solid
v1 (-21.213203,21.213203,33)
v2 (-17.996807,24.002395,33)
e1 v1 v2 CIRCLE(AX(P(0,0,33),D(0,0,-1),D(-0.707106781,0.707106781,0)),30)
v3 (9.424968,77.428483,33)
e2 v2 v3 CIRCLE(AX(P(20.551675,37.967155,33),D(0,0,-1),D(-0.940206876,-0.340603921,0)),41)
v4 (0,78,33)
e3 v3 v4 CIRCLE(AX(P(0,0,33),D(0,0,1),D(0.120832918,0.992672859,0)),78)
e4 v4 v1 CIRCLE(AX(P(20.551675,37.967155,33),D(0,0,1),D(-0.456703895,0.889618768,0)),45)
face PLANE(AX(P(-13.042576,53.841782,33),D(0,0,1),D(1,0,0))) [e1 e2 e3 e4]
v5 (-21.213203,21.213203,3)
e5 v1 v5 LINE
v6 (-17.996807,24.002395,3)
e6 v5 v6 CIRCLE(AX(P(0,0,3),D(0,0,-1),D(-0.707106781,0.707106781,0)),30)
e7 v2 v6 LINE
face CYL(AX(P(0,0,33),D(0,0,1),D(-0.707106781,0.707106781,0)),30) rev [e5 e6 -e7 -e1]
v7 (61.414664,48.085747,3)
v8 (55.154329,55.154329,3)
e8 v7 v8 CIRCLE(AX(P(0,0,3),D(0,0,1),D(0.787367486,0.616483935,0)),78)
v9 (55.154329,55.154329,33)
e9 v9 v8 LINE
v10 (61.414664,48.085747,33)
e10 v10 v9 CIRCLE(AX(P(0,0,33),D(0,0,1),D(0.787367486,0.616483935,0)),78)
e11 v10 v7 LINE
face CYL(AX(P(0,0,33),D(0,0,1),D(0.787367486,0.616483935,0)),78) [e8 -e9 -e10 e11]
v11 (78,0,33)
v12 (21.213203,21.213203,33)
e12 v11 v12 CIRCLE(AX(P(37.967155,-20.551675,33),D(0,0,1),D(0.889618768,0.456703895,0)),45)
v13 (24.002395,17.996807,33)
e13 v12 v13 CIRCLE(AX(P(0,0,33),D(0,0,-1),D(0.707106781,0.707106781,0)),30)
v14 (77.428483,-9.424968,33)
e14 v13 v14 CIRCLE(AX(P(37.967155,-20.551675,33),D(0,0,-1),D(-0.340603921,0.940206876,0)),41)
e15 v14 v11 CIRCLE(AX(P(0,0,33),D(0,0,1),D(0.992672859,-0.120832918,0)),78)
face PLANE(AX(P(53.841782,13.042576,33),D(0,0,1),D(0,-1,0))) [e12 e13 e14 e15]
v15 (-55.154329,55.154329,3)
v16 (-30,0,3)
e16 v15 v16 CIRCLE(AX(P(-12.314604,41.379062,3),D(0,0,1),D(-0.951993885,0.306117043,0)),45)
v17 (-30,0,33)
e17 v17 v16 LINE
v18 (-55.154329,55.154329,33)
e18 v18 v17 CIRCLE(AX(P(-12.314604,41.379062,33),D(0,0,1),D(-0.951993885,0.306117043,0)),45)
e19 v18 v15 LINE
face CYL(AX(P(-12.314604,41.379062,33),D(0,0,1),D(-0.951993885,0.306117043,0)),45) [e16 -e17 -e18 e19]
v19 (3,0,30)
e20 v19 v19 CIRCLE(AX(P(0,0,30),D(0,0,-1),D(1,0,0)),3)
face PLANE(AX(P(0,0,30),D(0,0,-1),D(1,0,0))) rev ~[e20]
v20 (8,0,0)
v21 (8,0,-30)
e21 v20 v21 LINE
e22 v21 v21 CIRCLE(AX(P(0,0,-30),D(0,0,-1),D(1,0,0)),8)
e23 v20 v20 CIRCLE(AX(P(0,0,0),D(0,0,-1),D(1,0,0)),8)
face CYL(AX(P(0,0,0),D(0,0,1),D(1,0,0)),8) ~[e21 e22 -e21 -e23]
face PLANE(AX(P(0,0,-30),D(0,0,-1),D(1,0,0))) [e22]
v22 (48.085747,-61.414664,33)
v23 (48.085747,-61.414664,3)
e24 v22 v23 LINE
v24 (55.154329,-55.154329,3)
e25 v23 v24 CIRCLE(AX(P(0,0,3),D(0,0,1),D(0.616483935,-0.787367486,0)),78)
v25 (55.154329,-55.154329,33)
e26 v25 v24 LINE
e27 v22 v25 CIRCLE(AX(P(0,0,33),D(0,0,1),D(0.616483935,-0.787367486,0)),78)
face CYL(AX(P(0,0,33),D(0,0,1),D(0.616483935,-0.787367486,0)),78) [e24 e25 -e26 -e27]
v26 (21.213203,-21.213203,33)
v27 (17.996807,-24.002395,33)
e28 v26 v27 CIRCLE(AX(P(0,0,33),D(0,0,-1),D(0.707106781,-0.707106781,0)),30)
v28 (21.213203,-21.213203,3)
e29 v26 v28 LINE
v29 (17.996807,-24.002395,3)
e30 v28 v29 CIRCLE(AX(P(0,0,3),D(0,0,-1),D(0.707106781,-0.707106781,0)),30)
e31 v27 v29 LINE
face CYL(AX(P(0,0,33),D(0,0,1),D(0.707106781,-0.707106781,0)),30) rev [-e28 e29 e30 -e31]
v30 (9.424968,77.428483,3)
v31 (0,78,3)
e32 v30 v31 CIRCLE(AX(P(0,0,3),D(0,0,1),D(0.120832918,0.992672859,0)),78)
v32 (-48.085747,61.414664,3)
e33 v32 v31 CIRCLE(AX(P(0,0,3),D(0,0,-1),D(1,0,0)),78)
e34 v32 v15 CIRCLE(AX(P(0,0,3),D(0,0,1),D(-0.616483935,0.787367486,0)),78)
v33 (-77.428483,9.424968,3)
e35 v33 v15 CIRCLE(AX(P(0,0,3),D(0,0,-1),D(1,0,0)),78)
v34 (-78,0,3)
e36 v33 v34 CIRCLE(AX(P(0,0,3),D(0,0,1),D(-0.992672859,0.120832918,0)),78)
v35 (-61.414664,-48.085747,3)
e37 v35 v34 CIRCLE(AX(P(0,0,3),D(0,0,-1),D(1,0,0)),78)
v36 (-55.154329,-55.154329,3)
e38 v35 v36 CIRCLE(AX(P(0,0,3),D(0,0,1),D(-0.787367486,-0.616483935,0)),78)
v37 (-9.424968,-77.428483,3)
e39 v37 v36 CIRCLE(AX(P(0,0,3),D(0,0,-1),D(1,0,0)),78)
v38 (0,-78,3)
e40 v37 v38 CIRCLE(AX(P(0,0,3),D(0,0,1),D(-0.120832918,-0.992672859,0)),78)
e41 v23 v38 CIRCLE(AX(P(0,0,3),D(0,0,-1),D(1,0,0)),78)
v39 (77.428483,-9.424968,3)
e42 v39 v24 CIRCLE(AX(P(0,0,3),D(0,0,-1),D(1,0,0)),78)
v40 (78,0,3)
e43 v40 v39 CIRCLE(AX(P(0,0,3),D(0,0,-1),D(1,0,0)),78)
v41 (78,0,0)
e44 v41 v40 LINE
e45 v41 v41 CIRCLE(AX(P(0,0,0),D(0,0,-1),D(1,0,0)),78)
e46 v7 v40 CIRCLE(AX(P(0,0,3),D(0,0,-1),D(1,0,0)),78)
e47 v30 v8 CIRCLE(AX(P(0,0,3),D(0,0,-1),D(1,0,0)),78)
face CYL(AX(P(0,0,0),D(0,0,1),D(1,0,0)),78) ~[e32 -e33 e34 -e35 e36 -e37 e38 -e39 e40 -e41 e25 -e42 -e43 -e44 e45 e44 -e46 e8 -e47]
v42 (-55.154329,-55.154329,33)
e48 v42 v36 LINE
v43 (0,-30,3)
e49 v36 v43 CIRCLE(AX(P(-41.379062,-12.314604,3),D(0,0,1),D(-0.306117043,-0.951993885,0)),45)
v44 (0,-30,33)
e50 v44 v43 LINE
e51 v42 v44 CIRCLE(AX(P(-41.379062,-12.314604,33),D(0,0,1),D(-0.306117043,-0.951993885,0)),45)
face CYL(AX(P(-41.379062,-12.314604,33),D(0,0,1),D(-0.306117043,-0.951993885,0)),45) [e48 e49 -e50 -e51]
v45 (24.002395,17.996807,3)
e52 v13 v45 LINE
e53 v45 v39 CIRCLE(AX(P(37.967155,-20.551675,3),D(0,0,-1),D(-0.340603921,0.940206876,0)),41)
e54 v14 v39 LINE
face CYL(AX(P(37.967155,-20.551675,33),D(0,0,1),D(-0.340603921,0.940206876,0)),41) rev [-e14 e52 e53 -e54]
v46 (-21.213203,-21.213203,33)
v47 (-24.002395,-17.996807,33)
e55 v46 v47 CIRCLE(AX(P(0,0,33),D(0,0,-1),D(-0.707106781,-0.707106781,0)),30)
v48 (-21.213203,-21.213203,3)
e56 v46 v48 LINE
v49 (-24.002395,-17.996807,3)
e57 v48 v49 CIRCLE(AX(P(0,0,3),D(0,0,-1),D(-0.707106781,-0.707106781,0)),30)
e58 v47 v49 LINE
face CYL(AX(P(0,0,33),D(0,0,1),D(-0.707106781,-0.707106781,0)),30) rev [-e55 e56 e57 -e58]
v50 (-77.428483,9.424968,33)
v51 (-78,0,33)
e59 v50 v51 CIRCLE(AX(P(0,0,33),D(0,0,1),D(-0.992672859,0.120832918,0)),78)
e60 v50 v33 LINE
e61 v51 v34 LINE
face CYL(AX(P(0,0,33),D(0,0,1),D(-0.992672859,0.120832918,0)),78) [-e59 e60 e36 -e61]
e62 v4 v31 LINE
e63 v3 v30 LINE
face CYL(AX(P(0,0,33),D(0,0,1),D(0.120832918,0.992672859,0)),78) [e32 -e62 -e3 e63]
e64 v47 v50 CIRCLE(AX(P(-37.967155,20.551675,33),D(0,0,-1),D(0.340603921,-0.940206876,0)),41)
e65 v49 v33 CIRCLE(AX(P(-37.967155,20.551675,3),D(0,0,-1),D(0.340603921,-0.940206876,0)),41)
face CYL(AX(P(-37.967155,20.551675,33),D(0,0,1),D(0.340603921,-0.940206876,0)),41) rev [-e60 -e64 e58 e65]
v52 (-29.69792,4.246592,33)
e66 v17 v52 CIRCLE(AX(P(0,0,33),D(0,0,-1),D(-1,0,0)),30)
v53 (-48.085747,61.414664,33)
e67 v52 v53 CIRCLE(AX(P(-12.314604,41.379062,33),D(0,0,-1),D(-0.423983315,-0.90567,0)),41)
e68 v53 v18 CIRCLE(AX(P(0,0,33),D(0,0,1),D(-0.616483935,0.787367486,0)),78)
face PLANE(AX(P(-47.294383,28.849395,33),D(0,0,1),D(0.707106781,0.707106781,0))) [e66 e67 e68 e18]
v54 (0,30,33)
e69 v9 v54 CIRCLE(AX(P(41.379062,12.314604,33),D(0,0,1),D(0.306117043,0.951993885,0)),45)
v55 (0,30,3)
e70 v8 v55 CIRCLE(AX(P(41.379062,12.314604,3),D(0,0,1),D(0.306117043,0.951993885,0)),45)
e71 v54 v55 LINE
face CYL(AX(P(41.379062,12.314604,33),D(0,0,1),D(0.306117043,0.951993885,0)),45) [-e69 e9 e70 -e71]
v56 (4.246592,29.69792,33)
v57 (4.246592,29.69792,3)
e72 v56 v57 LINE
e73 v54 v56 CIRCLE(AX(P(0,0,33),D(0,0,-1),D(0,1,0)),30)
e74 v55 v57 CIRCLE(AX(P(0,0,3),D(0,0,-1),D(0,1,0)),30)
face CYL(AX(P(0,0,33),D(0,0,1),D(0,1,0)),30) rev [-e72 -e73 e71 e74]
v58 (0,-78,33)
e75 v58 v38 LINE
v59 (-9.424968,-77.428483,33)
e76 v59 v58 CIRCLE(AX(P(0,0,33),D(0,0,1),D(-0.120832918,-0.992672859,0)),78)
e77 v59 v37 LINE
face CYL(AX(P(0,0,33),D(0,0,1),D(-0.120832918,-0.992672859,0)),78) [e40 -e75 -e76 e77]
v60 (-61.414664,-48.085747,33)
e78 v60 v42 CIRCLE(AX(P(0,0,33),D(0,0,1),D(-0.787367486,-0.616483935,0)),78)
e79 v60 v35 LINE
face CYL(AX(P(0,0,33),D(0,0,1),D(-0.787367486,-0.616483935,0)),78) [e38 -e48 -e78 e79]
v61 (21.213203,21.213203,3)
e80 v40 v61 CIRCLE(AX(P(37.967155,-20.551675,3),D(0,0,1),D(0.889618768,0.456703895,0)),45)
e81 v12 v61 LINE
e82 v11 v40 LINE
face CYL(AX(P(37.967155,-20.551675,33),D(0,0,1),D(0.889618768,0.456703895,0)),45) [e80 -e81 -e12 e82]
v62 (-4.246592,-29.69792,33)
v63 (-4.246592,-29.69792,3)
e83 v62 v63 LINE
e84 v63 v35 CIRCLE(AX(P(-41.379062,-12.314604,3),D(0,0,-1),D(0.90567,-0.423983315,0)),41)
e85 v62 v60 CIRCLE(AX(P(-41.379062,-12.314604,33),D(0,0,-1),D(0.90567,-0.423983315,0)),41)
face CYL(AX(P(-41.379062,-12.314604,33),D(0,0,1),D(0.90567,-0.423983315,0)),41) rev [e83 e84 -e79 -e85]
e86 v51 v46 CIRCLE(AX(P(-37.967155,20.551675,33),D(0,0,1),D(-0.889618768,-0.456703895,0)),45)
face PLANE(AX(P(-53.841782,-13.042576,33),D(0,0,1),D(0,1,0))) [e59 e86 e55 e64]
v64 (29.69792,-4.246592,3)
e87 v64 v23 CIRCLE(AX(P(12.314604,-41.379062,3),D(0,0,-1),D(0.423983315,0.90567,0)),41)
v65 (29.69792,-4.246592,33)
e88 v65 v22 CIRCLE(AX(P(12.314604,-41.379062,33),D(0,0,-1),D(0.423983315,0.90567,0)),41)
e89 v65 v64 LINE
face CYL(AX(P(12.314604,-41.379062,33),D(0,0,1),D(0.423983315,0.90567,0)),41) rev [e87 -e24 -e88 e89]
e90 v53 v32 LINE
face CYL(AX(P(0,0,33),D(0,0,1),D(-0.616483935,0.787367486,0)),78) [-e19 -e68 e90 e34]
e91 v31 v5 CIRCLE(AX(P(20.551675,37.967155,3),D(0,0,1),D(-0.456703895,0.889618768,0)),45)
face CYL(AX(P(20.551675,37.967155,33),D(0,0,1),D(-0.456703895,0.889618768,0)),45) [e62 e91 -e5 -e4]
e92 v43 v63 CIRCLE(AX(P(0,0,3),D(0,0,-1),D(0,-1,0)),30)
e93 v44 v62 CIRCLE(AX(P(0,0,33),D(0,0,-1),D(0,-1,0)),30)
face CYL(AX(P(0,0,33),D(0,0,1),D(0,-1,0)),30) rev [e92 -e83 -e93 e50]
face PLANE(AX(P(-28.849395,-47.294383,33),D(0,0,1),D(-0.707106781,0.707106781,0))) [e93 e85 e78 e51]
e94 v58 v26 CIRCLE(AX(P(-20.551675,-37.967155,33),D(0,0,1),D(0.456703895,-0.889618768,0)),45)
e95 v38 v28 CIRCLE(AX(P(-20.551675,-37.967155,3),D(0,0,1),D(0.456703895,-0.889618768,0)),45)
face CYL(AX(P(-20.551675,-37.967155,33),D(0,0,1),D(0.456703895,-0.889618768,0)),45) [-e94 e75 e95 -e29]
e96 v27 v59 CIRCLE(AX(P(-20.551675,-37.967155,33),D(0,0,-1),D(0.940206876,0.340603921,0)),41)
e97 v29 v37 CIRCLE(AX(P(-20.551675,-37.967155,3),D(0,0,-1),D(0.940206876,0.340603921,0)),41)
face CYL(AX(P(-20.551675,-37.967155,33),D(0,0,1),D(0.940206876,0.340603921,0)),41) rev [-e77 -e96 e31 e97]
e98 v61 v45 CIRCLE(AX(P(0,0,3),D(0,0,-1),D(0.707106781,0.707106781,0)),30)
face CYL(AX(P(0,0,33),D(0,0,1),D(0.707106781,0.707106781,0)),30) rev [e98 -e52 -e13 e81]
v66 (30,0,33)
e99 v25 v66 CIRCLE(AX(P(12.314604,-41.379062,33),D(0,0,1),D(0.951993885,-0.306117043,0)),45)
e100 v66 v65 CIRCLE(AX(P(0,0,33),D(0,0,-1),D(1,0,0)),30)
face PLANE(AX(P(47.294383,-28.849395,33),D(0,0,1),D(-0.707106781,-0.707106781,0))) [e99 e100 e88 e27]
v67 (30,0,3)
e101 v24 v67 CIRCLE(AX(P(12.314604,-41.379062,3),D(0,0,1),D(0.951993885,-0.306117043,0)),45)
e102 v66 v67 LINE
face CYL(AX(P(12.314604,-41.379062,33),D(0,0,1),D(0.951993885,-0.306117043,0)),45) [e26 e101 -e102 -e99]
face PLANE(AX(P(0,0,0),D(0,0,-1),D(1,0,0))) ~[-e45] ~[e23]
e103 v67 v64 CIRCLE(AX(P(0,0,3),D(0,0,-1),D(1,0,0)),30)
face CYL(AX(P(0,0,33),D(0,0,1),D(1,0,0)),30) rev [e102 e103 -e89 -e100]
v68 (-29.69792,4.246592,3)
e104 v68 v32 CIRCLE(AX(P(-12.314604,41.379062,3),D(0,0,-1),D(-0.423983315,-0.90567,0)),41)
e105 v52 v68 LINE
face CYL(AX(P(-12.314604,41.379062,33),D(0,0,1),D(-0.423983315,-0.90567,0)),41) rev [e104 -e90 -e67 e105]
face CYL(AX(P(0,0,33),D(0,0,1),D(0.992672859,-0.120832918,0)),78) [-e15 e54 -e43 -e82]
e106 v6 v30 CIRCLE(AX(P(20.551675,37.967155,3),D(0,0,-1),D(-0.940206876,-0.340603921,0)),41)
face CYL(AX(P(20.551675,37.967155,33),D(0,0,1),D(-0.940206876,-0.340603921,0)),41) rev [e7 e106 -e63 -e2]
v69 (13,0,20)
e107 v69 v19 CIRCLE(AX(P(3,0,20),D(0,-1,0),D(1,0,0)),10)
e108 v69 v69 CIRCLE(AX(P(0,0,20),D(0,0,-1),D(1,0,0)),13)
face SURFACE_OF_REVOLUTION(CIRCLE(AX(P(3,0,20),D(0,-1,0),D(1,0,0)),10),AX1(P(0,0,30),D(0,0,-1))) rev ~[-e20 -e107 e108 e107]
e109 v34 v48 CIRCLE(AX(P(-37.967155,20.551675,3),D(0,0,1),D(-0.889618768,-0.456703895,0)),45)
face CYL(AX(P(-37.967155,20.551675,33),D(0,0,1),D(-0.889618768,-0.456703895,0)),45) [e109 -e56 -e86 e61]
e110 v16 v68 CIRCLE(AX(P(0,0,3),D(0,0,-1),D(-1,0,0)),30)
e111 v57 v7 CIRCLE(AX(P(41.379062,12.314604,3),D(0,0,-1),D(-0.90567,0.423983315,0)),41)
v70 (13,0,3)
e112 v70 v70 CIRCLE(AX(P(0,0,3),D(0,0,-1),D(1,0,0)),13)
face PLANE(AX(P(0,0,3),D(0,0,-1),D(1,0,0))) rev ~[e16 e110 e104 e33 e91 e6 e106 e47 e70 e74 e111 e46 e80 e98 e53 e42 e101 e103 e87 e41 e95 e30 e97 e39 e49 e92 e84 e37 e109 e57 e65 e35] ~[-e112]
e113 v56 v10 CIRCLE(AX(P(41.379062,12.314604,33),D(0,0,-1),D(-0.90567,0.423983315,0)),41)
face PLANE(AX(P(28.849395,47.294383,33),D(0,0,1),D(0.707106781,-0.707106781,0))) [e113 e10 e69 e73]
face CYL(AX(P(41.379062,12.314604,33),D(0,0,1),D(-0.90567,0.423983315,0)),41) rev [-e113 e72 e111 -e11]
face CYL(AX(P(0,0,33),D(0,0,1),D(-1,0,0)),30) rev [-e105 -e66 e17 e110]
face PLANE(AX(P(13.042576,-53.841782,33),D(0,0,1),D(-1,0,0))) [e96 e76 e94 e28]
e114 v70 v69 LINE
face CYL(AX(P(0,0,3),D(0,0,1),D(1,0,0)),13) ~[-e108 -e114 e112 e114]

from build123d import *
from build123d.topology import SkipClean

# Parameters (mm, degrees)
BOSS_EXTRUDE1_START = 30
BOSS_EXTRUDE1_DEPTH = 30
CIRPATTERN1_COUNT   = 8
SKETCH3_R           = 8
BOSS_EXTRUDE2_DEPTH = 30


with BuildPart() as part:
    # Sketch1 → Revolve1 (revolve)
    with BuildSketch(Plane(origin=(0, 0, 0), x_dir=(0, 0, -1), z_dir=(1, 0, 0)), mode=Mode.PRIVATE) as revolve1_sk:
        with BuildLine():
            Line((0, 0), (0, 78))
            Line((0, 78), (-3, 78))
            Line((-3, 78), (-3, 13))
            Line((-3, 13), (-20, 13))
            ThreePointArc((-20, 13), (-27.071067812, 10.071067812), (-30, 3))
            Line((-30, 3), (-30, 0))
            Line((-30, 0), (0, 0))
        make_face()
    revolve(revolve1_sk.sketch.rotate(Axis((0, 0, 30), (0, 0, -1)), 90), axis=Axis((0, 0, 30), (0, 0, -1)))

    # Sketch2 → Boss-Extrude1 (add)
    with BuildSketch(Plane.XY.offset(3).offset(BOSS_EXTRUDE1_START)):
        with BuildLine():
            ThreePointArc((-21.213203436, 21.213203436), (-19.654544502, 22.664926217), (-17.996806645, 24.002394684))
            ThreePointArc((-17.996806645, 24.002394684), (-15.924246169, 56.688991773), (9.42496759, 77.42848304))
            ThreePointArc((9.42496759, 77.42848304), (4.721139844, 77.856989658), (0, 78))
            ThreePointArc((0, 78), (-21.603078805, 53.7144317), (-21.213203436, 21.213203436))
        make_face()
    boss_extrude1 = extrude(amount=-BOSS_EXTRUDE1_DEPTH)

    # CirPattern1: Boss-Extrude1 ×8 about axis
    with SkipClean():  # the faces are left unmerged after this step: merging them gives an invalid solid
        cirpattern1_axis = Axis((0, 0, 0), (0, 0, 1))
        for i in range(1, CIRPATTERN1_COUNT):
            add(boss_extrude1.rotate(cirpattern1_axis, i * 360 / CIRPATTERN1_COUNT))

    # Sketch3 → Boss-Extrude2 (add)
    with SkipClean():  # the faces are left unmerged after this step: merging them gives an invalid solid
        with BuildSketch(Plane(origin=(0, 0, 0), x_dir=(-1, 0, 0), z_dir=(0, 0, -1))):
            with Locations(Location((0, 0, 0), (0, 0, 180))):
                Circle(SKETCH3_R)
        extrude(amount=BOSS_EXTRUDE2_DEPTH)


solid = part.part
